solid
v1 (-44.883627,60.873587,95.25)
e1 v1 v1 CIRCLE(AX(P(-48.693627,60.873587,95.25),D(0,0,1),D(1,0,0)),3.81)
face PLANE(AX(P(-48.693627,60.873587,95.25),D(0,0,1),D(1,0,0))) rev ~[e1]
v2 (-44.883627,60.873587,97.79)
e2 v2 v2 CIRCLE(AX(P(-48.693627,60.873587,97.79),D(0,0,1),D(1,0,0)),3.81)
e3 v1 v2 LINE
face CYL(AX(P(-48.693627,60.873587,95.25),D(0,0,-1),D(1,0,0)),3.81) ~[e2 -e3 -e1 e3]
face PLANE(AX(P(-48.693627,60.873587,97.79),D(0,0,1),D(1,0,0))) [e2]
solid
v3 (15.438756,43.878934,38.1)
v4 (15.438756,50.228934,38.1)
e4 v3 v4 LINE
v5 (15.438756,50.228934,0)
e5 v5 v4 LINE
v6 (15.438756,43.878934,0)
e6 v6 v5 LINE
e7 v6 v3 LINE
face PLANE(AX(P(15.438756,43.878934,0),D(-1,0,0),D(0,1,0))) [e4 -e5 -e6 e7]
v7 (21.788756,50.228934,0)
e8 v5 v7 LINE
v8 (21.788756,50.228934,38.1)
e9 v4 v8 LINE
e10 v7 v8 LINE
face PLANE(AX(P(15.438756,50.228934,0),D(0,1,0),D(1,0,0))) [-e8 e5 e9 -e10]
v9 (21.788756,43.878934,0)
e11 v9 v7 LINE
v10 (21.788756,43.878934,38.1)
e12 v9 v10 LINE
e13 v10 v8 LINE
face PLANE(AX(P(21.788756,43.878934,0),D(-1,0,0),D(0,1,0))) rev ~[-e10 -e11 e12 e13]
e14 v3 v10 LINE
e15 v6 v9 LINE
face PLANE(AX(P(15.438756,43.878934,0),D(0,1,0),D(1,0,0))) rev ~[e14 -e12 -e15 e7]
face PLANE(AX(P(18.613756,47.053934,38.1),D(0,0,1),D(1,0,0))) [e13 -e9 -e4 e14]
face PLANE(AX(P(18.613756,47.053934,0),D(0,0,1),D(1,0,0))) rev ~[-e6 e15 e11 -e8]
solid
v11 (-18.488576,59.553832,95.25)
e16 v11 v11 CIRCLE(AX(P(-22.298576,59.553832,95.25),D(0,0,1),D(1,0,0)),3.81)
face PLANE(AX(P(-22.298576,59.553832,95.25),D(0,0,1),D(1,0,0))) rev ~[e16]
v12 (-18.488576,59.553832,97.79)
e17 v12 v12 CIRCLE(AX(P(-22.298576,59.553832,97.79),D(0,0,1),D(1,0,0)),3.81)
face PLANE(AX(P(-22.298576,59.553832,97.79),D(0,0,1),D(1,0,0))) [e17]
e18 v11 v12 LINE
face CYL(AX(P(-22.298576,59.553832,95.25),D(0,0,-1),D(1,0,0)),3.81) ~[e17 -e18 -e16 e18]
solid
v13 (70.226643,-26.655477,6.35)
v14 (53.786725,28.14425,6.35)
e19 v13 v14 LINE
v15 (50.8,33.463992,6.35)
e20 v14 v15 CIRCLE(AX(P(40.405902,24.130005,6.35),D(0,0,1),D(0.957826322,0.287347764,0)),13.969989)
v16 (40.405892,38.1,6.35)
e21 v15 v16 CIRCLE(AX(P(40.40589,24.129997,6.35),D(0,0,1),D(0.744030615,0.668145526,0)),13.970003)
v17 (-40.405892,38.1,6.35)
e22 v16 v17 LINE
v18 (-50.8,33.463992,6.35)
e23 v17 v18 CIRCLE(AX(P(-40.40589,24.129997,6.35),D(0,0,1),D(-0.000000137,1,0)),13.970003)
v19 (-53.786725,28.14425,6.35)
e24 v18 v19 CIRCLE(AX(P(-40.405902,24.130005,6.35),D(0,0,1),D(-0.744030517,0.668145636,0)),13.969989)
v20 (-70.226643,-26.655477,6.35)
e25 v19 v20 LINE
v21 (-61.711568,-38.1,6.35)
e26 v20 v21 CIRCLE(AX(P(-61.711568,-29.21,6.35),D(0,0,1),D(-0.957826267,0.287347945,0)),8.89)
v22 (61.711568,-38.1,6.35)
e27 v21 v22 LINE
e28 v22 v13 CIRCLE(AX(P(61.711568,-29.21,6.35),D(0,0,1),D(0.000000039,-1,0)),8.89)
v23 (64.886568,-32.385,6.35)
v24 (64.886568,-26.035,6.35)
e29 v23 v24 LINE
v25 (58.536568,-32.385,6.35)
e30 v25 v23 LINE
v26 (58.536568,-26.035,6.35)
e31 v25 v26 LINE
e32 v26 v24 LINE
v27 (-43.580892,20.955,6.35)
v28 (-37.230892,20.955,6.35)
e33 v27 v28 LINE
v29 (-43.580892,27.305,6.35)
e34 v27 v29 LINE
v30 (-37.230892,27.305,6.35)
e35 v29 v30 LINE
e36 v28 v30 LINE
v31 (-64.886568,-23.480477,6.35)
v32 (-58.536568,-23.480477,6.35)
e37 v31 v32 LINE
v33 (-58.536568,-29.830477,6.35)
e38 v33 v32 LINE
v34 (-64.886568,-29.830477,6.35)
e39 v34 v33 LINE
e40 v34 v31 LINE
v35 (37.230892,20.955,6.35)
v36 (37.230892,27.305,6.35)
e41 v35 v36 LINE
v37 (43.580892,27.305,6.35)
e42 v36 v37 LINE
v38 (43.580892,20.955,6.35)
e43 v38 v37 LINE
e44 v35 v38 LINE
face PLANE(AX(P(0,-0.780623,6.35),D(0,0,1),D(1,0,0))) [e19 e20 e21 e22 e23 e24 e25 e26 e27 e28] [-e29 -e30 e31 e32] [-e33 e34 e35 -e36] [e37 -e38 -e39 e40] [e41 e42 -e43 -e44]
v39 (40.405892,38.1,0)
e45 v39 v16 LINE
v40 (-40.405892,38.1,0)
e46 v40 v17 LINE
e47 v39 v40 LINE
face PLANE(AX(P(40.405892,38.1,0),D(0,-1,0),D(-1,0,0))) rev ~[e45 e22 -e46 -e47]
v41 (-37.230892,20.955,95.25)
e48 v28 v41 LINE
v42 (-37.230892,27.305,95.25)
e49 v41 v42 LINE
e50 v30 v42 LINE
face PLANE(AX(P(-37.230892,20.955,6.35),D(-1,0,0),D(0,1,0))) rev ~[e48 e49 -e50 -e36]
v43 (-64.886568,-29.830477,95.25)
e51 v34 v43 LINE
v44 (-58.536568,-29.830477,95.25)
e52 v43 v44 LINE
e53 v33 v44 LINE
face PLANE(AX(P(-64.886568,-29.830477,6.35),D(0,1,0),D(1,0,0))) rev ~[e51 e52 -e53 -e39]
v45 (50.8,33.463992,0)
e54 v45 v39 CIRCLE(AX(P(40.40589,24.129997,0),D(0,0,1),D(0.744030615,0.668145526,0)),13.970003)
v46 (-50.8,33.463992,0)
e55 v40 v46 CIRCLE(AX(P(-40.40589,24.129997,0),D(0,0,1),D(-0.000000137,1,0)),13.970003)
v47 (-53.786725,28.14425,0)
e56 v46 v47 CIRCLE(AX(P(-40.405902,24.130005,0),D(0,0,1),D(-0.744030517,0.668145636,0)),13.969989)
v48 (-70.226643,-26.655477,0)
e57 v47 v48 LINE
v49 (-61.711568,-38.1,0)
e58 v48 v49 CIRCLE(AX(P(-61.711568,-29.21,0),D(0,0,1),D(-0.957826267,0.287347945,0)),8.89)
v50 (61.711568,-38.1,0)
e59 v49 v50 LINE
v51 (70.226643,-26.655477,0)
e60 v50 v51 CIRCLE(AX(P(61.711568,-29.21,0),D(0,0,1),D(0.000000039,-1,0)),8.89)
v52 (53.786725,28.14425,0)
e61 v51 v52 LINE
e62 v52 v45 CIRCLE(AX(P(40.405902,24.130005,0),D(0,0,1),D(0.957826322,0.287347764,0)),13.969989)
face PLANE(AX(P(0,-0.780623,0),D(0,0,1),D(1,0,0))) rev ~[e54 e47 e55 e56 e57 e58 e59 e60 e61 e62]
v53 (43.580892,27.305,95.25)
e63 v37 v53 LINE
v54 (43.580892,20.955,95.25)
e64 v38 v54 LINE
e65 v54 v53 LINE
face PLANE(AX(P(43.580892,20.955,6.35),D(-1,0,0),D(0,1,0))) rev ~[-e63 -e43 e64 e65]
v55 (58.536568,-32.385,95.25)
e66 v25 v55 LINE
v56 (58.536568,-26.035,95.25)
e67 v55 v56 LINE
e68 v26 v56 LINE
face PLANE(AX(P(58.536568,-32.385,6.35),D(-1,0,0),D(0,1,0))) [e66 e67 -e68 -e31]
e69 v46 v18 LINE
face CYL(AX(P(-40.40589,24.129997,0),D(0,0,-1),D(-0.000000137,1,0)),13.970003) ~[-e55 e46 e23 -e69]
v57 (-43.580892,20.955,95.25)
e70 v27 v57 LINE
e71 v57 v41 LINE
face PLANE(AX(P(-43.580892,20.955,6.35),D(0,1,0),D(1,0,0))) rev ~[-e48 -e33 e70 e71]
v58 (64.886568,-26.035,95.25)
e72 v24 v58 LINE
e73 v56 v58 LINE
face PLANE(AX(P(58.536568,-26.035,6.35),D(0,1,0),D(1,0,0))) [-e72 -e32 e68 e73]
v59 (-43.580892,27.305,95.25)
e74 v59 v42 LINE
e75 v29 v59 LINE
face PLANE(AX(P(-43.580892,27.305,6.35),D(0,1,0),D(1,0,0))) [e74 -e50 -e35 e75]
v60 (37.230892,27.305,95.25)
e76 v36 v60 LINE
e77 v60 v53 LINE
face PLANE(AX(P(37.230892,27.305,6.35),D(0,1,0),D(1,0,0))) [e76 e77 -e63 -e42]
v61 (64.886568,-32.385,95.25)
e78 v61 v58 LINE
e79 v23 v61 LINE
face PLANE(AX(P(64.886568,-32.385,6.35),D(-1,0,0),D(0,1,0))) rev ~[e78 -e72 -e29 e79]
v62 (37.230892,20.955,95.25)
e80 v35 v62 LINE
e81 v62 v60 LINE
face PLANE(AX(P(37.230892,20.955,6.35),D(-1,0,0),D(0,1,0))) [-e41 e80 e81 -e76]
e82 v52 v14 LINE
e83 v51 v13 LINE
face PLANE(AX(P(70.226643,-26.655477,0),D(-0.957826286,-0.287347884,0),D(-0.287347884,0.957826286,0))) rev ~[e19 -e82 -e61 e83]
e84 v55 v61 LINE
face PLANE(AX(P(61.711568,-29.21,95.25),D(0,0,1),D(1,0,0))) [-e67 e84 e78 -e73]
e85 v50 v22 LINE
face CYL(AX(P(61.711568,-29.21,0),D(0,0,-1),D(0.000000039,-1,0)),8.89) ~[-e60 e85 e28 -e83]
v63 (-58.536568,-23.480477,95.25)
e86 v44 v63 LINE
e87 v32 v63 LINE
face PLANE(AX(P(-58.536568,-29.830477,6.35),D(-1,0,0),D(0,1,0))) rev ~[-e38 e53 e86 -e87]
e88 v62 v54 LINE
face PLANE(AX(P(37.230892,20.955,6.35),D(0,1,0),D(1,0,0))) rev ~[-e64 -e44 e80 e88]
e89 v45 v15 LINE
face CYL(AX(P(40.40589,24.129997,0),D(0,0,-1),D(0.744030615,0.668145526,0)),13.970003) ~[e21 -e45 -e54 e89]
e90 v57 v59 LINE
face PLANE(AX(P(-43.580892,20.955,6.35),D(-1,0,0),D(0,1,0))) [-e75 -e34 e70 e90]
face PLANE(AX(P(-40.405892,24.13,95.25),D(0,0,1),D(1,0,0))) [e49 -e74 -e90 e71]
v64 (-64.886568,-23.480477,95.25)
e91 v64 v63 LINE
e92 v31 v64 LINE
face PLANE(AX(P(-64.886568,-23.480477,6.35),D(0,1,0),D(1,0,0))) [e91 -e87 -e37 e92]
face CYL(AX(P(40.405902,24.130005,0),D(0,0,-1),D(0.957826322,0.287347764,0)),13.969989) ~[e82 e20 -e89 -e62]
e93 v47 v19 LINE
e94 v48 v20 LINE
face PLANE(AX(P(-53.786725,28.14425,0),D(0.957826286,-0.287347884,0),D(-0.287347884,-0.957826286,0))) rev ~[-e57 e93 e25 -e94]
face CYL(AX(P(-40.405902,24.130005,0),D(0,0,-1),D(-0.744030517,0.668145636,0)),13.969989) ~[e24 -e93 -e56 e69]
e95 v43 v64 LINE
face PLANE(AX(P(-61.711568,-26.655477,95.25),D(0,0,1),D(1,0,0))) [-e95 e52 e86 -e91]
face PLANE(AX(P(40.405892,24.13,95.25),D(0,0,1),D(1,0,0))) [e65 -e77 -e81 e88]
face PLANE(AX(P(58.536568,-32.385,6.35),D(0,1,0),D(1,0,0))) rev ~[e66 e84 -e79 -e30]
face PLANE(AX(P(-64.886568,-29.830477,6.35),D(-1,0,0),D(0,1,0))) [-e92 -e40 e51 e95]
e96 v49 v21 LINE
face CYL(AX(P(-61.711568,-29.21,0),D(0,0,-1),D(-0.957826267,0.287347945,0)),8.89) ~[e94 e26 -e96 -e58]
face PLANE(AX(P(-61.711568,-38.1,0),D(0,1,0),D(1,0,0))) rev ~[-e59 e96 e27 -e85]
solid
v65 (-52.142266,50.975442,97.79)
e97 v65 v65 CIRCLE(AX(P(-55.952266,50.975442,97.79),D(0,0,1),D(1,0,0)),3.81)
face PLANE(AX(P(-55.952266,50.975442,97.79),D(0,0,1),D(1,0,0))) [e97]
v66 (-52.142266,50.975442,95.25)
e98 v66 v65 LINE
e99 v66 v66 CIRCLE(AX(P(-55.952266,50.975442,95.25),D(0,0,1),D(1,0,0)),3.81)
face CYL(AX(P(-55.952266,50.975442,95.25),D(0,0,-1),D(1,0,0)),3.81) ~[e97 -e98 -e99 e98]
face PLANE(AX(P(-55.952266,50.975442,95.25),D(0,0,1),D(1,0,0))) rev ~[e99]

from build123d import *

# Parameters (mm, degrees)
F1_DEPTH = 6.35
F2_W     = 6.35
F2_H     = 6.35
F3_DEPTH = 88.9
F4_R     = 3.81
F5_DEPTH = 2.54
F6_W     = 6.35
F6_H     = 6.35
F7_DEPTH = 38.1


with BuildPart() as f1:
    # F0 (on Top) → F1 (new body)
    with BuildSketch(Plane.XY):
        with BuildLine():
            Line((40.405892, 38.1), (-40.405892, 38.1))
            ThreePointArc((-40.405892, 38.1), (-46.096455, 36.888463), (-50.8, 33.463992))
            Line((-50.8, 33.463992), (-50.8, -38.1))
            Line((-50.8, -38.1), (50.8, -38.1))
            Line((50.8, -38.1), (50.8, 33.463992))
            ThreePointArc((50.8, 33.463992), (46.096455, 36.888463), (40.405892, 38.1))
        make_face()
        with BuildLine():
            Line((-50.8, -38.1), (-50.8, 33.463992))
            ThreePointArc((-50.8, 33.463992), (-52.587307, 30.969154), (-53.786725, 28.14425))
            Line((-53.786725, 28.14425), (-70.226643, -26.655477))
            ThreePointArc((-70.226643, -26.655477), (-68.843952, -34.516712), (-61.711568, -38.1))
            Line((-61.711568, -38.1), (-50.8, -38.1))
        make_face()
        with BuildLine():
            ThreePointArc((53.786725, 28.14425), (52.587307, 30.969154), (50.8, 33.463992))
            Line((50.8, 33.463992), (50.8, -38.1))
            Line((50.8, -38.1), (61.711568, -38.1))
            ThreePointArc((61.711568, -38.1), (68.843952, -34.516712), (70.226643, -26.655477))
            Line((70.226643, -26.655477), (53.786725, 28.14425))
        make_face()
    extrude(amount=F1_DEPTH)

    # F2 (on face) → F3 (join)
    with BuildSketch(Plane.XY.offset(6.35)):
        with Locations((-40.405892, 24.13)):
            Rectangle(F2_W, F2_H)
        with Locations((40.405892, 24.13)):
            Rectangle(F2_W, F2_H)
        with Locations((-61.711568, -26.655477)):
            Rectangle(F2_W, F2_H)
        with Locations((61.711568, -29.21)):
            Rectangle(F2_W, F2_H)
    extrude(amount=F3_DEPTH)


with BuildPart() as f5:
    # F4 (on face) → F5 (new body)
    with BuildSketch(Plane.XY.offset(95.25)):
        with Locations((-48.693627, 60.873587)):
            Circle(F4_R)
        with Locations((-55.952266, 50.975442)):
            Circle(F4_R)
        with Locations((-22.298576, 59.553832)):
            Circle(F4_R)
    extrude(amount=F5_DEPTH)


with BuildPart() as f7:
    # F6 (on Top) → F7 (new body)
    with BuildSketch(Plane.XY):
        with Locations((18.613756, 47.053934)):
            Rectangle(F6_W, F6_H)
    extrude(amount=F7_DEPTH)


solid = Compound([f1.part, f5.part, f7.part])
